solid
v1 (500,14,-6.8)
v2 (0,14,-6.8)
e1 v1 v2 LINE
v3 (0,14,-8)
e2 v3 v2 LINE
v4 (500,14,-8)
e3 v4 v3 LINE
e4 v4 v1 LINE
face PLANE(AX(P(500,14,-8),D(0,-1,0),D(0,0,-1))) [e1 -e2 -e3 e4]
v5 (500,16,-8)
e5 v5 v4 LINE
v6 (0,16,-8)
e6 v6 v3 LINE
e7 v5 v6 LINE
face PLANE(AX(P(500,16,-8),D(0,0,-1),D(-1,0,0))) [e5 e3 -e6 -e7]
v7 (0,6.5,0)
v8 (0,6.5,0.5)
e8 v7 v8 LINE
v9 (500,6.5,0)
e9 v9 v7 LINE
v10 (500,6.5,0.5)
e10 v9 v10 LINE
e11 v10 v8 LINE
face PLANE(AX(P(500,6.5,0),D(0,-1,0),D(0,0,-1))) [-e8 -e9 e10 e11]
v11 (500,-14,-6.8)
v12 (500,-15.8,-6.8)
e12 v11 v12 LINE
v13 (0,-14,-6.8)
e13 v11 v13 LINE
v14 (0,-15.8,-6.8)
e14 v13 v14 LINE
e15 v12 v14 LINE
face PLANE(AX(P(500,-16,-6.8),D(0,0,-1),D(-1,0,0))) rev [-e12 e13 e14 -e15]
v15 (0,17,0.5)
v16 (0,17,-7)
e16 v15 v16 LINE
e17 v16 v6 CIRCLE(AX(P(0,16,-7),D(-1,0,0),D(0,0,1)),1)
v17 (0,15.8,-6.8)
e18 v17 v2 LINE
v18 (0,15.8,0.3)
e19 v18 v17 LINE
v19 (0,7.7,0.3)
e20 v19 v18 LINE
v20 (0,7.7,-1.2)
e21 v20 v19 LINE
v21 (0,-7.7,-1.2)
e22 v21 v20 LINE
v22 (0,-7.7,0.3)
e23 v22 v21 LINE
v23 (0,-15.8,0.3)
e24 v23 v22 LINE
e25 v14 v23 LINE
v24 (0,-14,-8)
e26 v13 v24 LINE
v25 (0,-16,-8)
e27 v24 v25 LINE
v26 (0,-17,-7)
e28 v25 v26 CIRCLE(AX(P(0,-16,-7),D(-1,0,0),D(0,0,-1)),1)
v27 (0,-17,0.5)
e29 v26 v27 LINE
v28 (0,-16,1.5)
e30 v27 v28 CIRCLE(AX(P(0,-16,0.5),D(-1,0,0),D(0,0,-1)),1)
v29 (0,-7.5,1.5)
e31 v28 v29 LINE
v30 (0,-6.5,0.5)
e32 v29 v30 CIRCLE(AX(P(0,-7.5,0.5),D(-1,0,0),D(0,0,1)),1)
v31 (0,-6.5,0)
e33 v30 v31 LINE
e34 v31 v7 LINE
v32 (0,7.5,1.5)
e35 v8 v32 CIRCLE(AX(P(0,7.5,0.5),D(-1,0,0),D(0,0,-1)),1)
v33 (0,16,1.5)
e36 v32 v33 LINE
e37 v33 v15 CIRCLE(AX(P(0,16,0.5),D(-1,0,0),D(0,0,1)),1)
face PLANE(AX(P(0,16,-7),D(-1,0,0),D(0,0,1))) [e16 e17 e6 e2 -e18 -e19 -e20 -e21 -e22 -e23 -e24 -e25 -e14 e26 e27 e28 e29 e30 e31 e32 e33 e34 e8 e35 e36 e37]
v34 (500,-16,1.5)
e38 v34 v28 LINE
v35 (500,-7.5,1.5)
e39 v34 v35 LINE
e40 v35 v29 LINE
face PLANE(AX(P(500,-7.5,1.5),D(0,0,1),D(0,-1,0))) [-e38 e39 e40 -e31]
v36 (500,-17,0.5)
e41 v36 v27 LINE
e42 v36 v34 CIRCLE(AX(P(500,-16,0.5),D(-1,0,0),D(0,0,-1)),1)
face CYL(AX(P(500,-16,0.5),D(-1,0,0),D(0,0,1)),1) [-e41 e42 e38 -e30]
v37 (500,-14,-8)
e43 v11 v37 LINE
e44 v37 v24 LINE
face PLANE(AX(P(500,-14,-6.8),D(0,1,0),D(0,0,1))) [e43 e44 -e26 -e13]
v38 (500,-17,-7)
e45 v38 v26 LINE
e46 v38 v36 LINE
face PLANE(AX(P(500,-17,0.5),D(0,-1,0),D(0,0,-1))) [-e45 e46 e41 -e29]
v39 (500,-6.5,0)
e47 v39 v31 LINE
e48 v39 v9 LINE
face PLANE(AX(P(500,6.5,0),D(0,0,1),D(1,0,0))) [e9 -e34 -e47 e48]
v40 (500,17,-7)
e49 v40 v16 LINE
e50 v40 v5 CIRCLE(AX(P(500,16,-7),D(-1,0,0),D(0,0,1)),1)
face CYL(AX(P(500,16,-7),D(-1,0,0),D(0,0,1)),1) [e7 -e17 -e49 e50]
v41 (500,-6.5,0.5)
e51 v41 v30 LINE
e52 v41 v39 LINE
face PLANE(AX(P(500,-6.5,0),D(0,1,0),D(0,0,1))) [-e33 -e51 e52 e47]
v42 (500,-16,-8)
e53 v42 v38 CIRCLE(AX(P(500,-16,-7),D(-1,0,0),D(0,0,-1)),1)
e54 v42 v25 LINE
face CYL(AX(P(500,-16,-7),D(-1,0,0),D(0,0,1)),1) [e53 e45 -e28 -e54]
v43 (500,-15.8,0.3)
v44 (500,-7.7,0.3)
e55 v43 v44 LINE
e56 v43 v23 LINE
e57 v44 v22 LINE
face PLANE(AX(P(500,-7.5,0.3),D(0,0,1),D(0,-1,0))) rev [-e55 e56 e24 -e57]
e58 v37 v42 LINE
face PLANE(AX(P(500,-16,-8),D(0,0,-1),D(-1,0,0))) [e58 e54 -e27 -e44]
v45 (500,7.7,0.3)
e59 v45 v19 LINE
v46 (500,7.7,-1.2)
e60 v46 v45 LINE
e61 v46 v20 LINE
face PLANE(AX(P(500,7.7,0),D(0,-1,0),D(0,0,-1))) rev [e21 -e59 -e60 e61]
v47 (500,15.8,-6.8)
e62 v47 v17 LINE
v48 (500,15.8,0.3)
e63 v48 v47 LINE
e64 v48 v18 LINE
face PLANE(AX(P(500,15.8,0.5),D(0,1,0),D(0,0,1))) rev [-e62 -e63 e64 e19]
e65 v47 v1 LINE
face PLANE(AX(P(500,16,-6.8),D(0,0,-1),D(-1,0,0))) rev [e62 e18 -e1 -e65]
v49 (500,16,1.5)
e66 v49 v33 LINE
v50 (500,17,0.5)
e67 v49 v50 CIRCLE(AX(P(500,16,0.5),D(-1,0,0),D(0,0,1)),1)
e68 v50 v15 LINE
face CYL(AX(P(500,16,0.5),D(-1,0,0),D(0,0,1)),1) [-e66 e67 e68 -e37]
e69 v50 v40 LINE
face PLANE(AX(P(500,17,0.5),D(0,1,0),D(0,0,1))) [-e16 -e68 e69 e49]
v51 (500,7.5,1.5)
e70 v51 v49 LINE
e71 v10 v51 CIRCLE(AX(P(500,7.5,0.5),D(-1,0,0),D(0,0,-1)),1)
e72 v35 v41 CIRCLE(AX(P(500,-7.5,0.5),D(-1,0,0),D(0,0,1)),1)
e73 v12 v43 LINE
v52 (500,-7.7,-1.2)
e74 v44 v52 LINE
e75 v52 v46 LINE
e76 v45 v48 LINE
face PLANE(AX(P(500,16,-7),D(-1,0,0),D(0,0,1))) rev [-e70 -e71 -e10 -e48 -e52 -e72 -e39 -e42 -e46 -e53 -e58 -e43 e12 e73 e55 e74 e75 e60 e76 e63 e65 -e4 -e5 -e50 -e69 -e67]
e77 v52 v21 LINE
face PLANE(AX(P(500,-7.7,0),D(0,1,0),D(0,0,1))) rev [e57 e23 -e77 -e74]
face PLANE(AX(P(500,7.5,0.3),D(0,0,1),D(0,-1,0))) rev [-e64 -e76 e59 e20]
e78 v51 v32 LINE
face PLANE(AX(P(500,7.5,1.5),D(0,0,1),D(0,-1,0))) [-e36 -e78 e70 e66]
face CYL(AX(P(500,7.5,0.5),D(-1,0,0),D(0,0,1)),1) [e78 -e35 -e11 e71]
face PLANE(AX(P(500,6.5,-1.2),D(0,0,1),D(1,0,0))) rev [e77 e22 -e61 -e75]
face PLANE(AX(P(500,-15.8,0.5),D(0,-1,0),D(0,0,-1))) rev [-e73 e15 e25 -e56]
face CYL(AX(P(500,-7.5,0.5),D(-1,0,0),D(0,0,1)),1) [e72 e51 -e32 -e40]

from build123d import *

# Parameters (mm, degrees)
EXTRUDE_3_DEPTH = 500


with BuildPart() as part:
    # Эскиз1 → Вытянуть-Тонкостенный3 (new body)
    with BuildSketch(Plane(origin=(0, 0, 0), x_dir=(0, 0, -1), z_dir=(1, 0, 0))):
        with BuildLine():
            Line((8, 14), (8, 16))
            ThreePointArc((8, 16), (7.707106781, 16.707106781), (7, 17))
            Line((7, 17), (-0.5, 17))
            ThreePointArc((-0.5, 17), (-1.207106781, 16.707106781), (-1.5, 16))
            Line((-1.5, 16), (-1.5, 7.5))
            ThreePointArc((-1.5, 7.5), (-1.207106781, 6.792893219), (-0.5, 6.5))
            Line((-0.5, 6.5), (0, 6.5))
            Line((0, 6.5), (0, -6.5))
            Line((0, -6.5), (-0.5, -6.5))
            ThreePointArc((-0.5, -6.5), (-1.207106781, -6.792893219), (-1.5, -7.5))
            Line((-1.5, -7.5), (-1.5, -16))
            ThreePointArc((-1.5, -16), (-1.207106781, -16.707106781), (-0.5, -17))
            Line((-0.5, -17), (7, -17))
            ThreePointArc((7, -17), (7.707106781, -16.707106781), (8, -16))
            Line((8, -16), (8, -14))
            Line((8, -14), (6.8, -14))
            Line((6.8, -14), (6.8, -15.8))
            Line((6.8, -15.8), (-0.3, -15.8))
            Line((-0.3, -15.8), (-0.3, -7.7))
            Line((-0.3, -7.7), (1.2, -7.7))
            Line((1.2, -7.7), (1.2, 7.7))
            Line((1.2, 7.7), (-0.3, 7.7))
            Line((-0.3, 7.7), (-0.3, 15.8))
            Line((-0.3, 15.8), (6.8, 15.8))
            Line((6.8, 15.8), (6.8, 14))
            Line((6.8, 14), (8, 14))
        make_face()
    extrude(amount=EXTRUDE_3_DEPTH)


solid = part.part
